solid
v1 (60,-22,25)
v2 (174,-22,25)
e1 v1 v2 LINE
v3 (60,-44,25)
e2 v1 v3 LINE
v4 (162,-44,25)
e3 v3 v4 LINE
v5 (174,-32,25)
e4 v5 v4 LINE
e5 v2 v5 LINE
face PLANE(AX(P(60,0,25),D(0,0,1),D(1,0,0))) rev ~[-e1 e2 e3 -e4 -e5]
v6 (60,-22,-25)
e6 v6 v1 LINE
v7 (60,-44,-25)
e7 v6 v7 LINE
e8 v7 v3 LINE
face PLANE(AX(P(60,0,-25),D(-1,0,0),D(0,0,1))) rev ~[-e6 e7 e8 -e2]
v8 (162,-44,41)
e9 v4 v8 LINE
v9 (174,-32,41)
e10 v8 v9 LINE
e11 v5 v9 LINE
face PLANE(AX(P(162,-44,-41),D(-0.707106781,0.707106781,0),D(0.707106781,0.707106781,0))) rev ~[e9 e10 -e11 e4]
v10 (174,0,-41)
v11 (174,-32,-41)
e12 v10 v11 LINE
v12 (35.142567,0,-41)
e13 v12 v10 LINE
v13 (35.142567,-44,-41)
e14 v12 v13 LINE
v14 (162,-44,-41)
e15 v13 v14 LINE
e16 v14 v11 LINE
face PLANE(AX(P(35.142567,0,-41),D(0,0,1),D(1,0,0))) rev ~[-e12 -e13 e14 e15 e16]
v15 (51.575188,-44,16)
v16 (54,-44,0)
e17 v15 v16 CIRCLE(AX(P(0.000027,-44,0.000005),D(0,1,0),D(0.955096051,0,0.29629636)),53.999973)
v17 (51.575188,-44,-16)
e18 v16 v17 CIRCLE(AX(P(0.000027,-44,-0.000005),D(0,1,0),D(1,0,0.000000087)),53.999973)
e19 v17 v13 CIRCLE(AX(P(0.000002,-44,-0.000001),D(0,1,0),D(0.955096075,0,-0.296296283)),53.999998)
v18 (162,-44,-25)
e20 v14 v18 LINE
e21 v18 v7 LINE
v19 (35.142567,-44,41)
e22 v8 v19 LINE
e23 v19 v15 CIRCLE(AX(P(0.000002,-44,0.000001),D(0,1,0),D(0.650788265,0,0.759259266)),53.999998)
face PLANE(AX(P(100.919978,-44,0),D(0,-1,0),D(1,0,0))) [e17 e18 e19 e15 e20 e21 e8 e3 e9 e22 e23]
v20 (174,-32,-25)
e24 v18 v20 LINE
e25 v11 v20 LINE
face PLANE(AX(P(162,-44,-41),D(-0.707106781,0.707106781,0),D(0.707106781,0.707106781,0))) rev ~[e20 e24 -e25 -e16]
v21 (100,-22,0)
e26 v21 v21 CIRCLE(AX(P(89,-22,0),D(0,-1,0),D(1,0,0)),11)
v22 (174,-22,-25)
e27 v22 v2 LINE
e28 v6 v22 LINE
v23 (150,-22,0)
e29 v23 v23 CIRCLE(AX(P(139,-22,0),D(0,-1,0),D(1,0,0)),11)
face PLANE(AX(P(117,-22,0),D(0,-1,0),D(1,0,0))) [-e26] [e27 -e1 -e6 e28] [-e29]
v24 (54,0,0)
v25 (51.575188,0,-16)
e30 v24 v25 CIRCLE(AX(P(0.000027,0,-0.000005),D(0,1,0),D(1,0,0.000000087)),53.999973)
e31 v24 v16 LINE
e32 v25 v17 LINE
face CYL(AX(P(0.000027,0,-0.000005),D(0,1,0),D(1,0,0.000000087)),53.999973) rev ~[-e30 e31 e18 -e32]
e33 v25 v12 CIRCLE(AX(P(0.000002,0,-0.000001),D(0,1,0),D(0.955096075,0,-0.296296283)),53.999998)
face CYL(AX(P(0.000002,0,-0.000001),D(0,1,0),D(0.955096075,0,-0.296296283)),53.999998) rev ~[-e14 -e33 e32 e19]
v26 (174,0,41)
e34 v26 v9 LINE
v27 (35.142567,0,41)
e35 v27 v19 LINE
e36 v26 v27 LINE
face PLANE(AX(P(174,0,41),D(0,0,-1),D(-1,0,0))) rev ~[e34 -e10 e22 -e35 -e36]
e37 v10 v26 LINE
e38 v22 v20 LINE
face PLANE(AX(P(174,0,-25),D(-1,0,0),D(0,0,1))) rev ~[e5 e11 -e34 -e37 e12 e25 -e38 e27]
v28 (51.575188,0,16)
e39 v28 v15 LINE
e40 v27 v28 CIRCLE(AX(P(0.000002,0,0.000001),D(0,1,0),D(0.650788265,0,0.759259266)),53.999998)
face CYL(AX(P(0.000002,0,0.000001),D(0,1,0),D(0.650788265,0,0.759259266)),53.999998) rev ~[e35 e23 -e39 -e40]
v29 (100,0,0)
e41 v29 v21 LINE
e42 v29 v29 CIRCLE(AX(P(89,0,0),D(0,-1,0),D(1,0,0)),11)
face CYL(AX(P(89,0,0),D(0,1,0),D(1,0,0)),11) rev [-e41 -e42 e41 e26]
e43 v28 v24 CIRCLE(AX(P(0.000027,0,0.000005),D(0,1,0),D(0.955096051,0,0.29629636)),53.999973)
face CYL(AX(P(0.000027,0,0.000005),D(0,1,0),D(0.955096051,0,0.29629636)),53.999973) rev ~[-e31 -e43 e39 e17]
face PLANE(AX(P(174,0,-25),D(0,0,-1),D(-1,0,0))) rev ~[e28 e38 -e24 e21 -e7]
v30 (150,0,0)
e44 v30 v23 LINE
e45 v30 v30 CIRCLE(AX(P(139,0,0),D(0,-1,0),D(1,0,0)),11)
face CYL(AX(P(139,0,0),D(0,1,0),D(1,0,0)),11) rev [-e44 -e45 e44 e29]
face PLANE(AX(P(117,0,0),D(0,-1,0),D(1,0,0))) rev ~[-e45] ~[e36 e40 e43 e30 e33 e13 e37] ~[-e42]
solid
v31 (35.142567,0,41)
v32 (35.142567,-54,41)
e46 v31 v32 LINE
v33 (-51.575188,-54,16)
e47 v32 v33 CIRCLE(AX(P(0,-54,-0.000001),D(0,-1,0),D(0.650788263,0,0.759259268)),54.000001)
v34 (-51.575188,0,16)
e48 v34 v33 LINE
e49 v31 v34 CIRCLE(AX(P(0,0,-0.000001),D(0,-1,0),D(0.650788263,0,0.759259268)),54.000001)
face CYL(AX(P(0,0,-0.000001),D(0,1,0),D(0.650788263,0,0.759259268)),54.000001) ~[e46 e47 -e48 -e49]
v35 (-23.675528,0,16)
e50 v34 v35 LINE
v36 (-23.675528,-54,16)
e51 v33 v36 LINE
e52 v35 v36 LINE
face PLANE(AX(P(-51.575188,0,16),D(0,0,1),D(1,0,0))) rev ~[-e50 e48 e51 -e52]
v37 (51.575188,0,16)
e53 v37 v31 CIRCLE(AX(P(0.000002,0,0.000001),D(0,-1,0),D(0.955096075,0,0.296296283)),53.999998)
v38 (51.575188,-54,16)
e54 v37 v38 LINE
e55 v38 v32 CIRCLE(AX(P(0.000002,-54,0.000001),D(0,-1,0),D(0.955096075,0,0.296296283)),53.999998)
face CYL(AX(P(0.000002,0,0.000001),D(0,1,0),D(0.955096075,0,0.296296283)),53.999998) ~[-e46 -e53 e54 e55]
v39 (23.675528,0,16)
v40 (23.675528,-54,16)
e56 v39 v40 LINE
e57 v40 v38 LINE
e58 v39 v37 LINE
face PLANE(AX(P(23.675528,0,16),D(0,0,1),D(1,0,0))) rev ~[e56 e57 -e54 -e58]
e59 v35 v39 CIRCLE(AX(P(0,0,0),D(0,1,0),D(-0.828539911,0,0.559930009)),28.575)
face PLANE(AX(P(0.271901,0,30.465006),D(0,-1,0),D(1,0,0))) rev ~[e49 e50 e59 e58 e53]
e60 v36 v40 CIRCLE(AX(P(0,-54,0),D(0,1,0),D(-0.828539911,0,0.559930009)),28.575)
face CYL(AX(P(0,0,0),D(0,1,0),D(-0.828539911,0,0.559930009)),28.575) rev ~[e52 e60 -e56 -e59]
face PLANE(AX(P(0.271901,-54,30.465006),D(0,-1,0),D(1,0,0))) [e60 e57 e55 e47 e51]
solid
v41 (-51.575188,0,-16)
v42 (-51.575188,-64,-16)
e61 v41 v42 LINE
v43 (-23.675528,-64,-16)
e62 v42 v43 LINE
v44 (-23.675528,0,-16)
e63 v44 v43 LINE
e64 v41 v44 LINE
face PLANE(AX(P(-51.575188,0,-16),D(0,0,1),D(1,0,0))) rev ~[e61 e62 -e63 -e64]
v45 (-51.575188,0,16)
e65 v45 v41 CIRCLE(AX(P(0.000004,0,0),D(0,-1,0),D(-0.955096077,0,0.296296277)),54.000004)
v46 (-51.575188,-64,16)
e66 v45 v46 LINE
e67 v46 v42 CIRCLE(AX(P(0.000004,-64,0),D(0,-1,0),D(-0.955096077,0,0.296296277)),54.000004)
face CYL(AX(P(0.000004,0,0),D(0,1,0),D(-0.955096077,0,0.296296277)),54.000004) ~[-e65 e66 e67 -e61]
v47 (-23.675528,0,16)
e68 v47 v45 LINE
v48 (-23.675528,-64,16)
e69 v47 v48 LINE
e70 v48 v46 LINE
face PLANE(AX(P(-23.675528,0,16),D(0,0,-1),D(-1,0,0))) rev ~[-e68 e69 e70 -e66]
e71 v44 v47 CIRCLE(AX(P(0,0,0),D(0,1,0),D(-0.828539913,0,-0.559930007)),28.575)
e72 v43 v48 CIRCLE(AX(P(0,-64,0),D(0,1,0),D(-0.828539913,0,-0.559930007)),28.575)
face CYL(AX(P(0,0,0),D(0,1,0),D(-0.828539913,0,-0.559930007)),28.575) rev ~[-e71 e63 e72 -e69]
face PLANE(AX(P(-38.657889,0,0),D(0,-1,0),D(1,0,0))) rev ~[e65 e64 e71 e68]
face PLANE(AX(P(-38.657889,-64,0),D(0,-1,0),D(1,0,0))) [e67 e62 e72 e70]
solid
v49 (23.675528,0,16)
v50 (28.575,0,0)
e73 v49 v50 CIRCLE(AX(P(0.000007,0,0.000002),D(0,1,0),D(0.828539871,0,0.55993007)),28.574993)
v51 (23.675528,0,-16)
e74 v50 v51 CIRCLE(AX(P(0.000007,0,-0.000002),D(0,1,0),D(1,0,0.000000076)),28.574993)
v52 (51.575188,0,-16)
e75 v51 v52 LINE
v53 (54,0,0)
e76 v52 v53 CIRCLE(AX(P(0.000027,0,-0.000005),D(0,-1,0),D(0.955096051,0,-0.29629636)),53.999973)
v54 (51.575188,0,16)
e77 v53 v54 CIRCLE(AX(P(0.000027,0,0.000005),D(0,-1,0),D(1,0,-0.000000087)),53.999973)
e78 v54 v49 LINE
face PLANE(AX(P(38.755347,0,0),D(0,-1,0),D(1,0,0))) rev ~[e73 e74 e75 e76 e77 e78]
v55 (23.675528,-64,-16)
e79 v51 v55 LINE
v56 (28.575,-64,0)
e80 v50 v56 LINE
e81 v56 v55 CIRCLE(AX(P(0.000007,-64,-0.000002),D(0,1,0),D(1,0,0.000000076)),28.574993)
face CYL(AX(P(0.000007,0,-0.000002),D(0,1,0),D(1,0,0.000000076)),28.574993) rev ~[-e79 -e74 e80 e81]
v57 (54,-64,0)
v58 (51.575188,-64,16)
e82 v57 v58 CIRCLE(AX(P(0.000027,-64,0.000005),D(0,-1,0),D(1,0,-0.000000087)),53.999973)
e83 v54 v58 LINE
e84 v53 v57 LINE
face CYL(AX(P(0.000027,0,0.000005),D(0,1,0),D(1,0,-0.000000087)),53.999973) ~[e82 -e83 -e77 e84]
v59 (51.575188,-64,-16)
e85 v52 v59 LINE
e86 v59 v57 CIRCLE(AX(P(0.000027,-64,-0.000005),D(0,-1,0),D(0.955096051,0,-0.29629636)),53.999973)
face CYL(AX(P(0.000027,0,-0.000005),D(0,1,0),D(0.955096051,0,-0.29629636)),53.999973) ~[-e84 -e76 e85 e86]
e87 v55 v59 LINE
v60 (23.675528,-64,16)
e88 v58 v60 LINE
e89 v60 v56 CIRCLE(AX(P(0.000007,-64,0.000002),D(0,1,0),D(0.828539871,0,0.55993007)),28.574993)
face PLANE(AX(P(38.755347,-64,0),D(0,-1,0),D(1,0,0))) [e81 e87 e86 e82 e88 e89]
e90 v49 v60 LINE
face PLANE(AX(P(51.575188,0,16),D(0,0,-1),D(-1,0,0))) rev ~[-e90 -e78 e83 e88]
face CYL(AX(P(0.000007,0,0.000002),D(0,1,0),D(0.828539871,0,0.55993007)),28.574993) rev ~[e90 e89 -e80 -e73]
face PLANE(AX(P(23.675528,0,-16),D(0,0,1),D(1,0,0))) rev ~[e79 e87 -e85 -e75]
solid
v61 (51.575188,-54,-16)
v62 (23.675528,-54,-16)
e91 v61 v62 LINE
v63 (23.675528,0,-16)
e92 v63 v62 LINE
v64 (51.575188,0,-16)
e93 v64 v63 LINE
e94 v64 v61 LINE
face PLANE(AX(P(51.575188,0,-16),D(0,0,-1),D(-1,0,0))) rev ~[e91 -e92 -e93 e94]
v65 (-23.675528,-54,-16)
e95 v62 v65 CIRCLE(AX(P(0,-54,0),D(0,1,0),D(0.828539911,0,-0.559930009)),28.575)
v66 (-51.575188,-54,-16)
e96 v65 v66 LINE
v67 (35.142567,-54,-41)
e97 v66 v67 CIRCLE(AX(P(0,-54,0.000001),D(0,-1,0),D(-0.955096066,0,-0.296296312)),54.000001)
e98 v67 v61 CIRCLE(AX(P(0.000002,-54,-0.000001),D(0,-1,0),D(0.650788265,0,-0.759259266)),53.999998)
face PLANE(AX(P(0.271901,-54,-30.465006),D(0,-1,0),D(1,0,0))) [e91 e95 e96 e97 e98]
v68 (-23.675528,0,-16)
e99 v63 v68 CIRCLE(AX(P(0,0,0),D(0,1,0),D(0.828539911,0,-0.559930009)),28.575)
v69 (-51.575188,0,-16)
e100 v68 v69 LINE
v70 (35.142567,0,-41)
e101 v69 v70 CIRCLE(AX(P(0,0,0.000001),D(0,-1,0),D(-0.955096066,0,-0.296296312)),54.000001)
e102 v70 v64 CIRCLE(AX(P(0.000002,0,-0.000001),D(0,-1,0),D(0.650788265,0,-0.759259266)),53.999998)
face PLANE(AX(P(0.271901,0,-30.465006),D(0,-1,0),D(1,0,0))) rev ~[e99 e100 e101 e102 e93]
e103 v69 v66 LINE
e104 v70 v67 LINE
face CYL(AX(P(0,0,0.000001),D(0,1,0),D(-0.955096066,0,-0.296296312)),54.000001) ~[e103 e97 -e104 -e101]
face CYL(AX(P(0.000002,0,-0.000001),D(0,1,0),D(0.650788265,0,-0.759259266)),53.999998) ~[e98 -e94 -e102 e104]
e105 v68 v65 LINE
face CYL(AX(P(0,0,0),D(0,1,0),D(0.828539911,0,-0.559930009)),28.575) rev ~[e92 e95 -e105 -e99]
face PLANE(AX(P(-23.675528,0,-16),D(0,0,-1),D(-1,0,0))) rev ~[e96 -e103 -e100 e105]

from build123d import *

# Parameters (mm, degrees)
F1_DEPTH = 54
F2_DEPTH = 64
F3_DEPTH = 44
F0_W     = 114
F0_H     = 50
F0_R     = 11
F4_DEPTH = 22
F6_DEPTH = 95.001


with BuildPart() as f1:
    # F0 (on Front) → F1 (new body)
    with BuildSketch(Plane.XZ):
        with BuildLine():
            Line((23.675528, 16), (51.575188, 16))
            ThreePointArc((51.575188, 16), (45.124741, 29.660711), (35.142567, 41))
            ThreePointArc((35.142567, 41), (-14.958535, 51.886821), (-51.575188, 16))
            Line((-51.575188, 16), (-23.675528, 16))
            ThreePointArc((-23.675528, 16), (0, 28.575), (23.675528, 16))
        make_face()
        with BuildLine():
            ThreePointArc((35.142567, -41), (45.124741, -29.660711), (51.575188, -16))
            Line((51.575188, -16), (23.675528, -16))
            ThreePointArc((23.675528, -16), (0, -28.575), (-23.675528, -16))
            Line((-23.675528, -16), (-51.575188, -16))
            ThreePointArc((-51.575188, -16), (-14.958535, -51.886821), (35.142567, -41))
        make_face()
    extrude(amount=F1_DEPTH)


with BuildPart() as f2:
    # F0 (on Front) → F2 (new body)
    with BuildSketch(Plane.XZ):
        with BuildLine():
            Line((-23.675528, 16), (-51.575188, 16))
            ThreePointArc((-51.575188, 16), (-54, 0), (-51.575188, -16))
            Line((-51.575188, -16), (-23.675528, -16))
            ThreePointArc((-23.675528, -16), (-28.575, 0), (-23.675528, 16))
        make_face()
        with BuildLine():
            ThreePointArc((51.575188, -16), (53.390356, -8.091349), (54, 0))
            ThreePointArc((54, 0), (53.390356, 8.091349), (51.575188, 16))
            Line((51.575188, 16), (23.675528, 16))
            ThreePointArc((23.675528, 16), (27.322691, 8.366672), (28.575, 0))
            ThreePointArc((28.575, 0), (27.322691, -8.366672), (23.675528, -16))
            Line((23.675528, -16), (51.575188, -16))
        make_face()
    extrude(amount=F2_DEPTH)


with BuildPart() as f3:
    # F0 (on Front) → F3 (new body)
    with BuildSketch(Plane.XZ):
        with BuildLine():
            ThreePointArc((51.575188, 16), (53.390356, 8.091349), (54, 0))
            ThreePointArc((54, 0), (53.390356, -8.091349), (51.575188, -16))
            ThreePointArc((51.575188, -16), (45.124741, -29.660711), (35.142567, -41))
            Line((35.142567, -41), (174, -41))
            Line((174, -41), (174, -25))
            Line((174, -25), (60, -25))
            Line((60, -25), (60, 25))
            Line((60, 25), (174, 25))
            Line((174, 25), (174, 41))
            Line((174, 41), (35.142567, 41))
            ThreePointArc((35.142567, 41), (45.124741, 29.660711), (51.575188, 16))
        make_face()
    extrude(amount=F3_DEPTH)

    # F0 (on Front) → F4 (join)
    with BuildSketch(Plane.XZ):
        with Locations((117, 0)):
            Rectangle(F0_W, F0_H)
        with Locations((89, 0)):
            Circle(F0_R, mode=Mode.SUBTRACT)
        with Locations((139, 0)):
            Circle(F0_R, mode=Mode.SUBTRACT)
    extrude(amount=F4_DEPTH)

    # F5 (on face) → F6 (cut, through all)
    with BuildSketch(Plane(origin=(0, 0, -41), x_dir=(1, 0, 0), z_dir=(0, 0, -1))):
        Polygon((174, 44), (162, 44), (174, 32), align=None)
    extrude(amount=-F6_DEPTH, mode=Mode.SUBTRACT)


solid = Compound([f1.part, f2.part, f3.part])
